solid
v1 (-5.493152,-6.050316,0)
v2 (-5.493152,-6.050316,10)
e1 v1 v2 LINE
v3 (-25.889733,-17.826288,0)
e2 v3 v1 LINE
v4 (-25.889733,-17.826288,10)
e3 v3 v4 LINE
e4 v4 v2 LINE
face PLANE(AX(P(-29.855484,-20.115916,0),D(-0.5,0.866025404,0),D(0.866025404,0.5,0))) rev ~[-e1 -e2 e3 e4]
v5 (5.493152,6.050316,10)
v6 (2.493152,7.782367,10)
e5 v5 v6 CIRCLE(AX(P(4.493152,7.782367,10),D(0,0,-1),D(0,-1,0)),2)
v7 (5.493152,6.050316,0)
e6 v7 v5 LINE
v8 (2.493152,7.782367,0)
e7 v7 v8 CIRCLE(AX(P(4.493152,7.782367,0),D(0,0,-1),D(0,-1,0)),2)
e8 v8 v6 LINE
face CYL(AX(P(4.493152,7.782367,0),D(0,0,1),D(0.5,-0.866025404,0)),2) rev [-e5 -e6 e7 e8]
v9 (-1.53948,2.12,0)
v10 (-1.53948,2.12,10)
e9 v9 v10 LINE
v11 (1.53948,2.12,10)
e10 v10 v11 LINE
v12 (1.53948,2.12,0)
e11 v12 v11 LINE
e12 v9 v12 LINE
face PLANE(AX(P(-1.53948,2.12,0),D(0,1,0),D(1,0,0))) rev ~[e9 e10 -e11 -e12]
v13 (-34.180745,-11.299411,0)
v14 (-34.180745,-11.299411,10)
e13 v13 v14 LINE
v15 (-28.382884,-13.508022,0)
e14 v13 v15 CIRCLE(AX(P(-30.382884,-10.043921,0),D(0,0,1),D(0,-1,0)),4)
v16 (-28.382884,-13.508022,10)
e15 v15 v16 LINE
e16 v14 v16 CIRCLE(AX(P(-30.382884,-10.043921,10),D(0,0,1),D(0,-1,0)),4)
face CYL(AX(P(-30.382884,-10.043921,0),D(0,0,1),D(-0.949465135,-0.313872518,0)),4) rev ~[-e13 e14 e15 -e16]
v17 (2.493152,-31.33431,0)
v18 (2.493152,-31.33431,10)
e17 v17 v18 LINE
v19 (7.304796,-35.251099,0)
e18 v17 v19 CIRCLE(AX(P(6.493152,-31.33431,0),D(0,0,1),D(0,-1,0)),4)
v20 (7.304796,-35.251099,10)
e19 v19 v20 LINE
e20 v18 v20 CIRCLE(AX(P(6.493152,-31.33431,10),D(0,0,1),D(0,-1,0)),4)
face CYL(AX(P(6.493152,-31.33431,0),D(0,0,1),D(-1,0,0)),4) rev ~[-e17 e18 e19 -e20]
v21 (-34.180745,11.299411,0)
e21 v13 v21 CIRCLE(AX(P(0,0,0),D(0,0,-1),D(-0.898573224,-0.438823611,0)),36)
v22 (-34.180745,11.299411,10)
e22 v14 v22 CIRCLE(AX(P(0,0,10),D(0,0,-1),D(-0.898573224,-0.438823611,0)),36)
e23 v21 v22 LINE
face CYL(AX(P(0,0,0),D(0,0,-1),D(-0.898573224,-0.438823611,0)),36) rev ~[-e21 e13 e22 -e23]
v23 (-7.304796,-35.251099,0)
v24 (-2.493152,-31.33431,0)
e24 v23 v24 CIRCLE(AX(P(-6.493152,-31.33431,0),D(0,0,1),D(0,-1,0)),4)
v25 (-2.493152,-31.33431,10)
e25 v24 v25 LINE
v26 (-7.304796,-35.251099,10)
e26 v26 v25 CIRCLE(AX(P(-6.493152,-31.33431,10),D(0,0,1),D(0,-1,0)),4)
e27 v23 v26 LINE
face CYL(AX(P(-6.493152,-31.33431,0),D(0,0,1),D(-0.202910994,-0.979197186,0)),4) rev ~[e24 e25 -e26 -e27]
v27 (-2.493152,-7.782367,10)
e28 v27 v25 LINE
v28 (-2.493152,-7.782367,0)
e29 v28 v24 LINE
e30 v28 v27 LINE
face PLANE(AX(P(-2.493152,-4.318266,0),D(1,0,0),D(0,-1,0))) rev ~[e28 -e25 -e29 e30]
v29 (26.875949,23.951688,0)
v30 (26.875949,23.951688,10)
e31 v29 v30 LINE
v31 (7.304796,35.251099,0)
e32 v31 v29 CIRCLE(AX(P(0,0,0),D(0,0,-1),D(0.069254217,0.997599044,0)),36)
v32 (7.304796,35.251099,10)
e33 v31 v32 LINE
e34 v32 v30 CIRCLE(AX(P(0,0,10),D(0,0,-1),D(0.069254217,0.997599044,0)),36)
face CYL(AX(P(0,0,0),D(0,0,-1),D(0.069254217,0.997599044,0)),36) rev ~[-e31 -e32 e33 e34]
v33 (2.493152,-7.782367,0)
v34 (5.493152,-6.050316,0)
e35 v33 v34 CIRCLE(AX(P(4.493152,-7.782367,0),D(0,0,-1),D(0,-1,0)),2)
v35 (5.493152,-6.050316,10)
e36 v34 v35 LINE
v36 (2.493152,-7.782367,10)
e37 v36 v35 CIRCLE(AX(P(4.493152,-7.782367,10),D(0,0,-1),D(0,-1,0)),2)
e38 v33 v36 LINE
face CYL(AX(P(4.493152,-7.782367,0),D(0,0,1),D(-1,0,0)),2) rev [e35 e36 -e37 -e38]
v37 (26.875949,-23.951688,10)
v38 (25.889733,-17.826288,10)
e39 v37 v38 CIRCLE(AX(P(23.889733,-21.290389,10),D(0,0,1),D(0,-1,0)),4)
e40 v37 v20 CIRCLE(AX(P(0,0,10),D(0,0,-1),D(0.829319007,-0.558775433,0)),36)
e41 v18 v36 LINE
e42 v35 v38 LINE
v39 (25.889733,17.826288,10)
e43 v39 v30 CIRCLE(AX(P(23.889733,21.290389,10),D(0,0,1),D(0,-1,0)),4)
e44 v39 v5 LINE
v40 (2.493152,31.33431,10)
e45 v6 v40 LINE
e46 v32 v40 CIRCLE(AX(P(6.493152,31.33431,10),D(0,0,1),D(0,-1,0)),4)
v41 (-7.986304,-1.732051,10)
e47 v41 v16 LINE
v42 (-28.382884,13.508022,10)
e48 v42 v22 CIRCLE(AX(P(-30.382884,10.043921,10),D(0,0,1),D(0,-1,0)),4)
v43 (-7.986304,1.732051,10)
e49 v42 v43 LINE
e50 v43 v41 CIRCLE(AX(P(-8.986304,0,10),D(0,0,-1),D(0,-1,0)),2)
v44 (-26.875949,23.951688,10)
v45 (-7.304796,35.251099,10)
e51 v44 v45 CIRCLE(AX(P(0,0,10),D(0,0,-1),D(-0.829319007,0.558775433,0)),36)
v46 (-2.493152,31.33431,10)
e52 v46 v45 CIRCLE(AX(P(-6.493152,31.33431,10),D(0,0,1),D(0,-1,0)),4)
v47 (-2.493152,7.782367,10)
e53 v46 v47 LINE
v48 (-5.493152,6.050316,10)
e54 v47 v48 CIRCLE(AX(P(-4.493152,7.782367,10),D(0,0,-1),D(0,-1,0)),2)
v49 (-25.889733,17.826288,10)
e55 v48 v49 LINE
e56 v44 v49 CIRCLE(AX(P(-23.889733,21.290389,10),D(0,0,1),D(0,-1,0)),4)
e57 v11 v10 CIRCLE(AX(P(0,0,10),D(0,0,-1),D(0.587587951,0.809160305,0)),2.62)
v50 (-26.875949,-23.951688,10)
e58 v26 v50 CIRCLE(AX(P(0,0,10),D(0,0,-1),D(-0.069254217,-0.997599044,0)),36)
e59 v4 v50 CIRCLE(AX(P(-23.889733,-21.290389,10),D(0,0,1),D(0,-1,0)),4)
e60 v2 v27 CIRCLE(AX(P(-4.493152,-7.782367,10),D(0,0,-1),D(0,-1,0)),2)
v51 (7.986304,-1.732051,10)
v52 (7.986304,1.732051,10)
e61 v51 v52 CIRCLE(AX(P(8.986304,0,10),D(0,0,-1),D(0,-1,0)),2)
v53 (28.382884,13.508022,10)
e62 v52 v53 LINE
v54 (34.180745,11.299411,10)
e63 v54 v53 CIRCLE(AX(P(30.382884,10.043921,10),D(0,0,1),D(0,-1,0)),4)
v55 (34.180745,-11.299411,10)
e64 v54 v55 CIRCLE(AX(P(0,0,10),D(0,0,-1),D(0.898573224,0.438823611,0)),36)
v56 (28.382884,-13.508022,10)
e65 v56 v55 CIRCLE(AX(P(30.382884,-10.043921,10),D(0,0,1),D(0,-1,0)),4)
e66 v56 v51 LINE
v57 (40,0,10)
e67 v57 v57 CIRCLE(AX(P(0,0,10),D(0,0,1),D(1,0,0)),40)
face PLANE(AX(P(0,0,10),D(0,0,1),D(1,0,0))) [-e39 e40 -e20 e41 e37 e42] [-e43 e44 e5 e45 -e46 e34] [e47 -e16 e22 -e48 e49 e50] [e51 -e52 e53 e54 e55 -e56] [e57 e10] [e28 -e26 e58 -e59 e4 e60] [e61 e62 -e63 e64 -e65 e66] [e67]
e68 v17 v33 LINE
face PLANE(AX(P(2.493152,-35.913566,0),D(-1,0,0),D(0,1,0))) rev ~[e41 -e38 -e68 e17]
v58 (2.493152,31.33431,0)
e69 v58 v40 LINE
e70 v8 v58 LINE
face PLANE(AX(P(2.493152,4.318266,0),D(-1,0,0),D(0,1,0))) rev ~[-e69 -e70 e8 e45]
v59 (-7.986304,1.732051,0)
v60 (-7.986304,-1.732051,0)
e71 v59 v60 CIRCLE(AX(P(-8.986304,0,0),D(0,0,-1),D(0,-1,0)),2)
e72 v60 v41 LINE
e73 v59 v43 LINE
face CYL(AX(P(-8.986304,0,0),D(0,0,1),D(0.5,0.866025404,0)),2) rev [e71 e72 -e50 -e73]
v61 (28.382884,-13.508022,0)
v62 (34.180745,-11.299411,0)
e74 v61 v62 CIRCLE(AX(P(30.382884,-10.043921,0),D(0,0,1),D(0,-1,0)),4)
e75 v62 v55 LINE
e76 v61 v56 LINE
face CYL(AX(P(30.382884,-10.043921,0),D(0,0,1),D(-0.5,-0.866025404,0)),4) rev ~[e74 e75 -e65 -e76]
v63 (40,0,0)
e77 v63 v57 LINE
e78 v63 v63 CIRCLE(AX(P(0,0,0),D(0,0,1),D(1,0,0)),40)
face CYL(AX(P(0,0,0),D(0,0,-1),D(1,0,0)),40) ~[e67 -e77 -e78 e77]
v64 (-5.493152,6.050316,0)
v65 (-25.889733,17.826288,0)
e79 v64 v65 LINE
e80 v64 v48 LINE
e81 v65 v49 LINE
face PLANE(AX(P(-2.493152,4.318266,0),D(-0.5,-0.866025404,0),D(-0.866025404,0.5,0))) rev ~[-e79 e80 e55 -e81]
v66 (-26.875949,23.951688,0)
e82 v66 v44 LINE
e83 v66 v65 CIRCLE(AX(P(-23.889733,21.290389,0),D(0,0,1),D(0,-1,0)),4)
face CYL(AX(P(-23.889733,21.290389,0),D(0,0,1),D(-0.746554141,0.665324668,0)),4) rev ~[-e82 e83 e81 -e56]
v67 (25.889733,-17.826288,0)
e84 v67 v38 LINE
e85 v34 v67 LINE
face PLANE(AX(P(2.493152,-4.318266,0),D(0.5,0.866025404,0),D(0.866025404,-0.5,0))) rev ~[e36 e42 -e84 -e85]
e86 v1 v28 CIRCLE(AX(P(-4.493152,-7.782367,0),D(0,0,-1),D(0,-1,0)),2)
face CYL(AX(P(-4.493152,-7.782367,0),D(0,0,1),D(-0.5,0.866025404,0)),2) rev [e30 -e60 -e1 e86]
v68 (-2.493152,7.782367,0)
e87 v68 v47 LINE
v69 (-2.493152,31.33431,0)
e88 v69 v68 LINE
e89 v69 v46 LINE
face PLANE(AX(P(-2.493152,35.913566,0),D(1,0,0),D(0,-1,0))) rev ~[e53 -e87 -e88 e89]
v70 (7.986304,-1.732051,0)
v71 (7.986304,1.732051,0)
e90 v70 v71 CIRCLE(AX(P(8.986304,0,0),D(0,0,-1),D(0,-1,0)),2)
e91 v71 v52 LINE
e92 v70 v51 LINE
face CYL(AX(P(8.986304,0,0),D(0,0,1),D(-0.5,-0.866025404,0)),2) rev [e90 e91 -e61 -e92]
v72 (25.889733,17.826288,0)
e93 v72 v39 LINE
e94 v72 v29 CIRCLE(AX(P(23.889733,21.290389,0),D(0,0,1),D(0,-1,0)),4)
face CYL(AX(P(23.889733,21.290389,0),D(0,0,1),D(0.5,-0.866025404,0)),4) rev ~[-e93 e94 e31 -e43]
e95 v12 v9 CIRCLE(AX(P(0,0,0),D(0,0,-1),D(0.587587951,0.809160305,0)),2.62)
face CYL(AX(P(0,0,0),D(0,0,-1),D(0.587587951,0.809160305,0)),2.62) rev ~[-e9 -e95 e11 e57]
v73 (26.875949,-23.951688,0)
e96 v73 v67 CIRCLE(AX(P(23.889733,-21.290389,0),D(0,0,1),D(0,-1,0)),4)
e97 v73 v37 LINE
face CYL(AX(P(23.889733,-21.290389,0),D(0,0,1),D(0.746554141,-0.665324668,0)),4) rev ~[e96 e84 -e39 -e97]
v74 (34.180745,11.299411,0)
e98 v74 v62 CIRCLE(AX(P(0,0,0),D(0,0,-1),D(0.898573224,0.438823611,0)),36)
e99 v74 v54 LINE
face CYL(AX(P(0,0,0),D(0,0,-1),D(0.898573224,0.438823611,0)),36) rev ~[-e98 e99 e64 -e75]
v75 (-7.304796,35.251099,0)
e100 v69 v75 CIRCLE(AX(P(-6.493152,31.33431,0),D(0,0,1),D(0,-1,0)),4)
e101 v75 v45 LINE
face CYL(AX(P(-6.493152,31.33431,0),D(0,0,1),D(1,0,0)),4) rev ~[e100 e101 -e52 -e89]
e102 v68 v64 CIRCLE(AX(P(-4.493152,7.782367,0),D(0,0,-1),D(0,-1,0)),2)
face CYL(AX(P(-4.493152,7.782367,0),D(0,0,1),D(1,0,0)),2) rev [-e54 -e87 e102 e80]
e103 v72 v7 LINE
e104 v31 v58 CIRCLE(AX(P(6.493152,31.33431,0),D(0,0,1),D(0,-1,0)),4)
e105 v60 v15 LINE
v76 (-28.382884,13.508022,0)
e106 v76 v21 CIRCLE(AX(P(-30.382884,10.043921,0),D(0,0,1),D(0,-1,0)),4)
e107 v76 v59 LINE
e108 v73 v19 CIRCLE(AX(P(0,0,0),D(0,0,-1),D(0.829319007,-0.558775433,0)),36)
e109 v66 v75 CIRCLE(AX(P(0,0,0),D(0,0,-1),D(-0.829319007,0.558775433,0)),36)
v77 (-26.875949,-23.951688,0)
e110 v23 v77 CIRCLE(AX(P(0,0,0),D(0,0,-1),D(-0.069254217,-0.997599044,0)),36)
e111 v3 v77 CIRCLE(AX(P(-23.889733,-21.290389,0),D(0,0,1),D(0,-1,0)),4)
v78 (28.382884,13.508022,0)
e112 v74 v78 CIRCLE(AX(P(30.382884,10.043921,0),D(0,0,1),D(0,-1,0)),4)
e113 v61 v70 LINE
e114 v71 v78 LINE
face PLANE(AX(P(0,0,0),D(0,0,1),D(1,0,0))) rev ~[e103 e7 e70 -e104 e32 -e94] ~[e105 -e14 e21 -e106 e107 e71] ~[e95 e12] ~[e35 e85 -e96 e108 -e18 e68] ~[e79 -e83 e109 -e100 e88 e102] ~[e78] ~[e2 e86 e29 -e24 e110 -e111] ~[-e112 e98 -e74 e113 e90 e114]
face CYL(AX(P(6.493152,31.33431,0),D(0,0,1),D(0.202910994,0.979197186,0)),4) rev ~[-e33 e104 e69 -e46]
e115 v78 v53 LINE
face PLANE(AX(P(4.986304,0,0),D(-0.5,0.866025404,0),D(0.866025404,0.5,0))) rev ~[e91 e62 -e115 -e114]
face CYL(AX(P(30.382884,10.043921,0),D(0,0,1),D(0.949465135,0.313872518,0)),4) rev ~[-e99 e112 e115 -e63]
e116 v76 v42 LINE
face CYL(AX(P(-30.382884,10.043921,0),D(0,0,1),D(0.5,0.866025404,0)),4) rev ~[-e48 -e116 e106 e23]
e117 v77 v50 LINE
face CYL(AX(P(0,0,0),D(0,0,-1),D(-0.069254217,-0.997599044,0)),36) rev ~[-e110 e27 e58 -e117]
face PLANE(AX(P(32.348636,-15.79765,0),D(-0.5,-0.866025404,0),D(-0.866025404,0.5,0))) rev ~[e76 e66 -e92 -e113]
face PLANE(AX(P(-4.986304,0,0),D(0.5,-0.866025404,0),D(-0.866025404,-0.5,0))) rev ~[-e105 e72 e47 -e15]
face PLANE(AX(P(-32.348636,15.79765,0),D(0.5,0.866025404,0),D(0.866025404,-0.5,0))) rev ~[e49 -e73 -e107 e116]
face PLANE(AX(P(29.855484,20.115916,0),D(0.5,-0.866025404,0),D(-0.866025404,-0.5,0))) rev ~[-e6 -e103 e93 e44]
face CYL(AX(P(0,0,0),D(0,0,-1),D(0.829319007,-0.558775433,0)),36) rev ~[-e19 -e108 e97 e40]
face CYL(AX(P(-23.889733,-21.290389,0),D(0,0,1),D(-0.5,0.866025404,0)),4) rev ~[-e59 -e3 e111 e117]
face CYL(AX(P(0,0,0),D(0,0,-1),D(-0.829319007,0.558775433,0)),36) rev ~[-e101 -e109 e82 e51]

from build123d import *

# Parameters (mm, degrees)
SKETCH1_R           = 40
BOSS_EXTRUDE1_DEPTH = 10
FILLET2_R           = 2
FILLET3_R           = 4


with BuildPart() as part:
    # Sketch1 → Boss-Extrude1 (new body)
    with BuildSketch(Plane.XY):
        Circle(SKETCH1_R)
        with BuildLine():
            Line((-2.4931518, -4.318265588), (-2.4931518, -35.9135656))
            ThreePointArc((-2.4931518, -35.9135656), (-18, -31.176914536), (-29.85548425, -20.115915594))
            Line((-29.85548425, -20.115915594), (-2.4931518, -4.318265588))
        make_face(mode=Mode.SUBTRACT)
        with BuildLine():
            Line((-4.9863036, 0), (-32.34863605, -15.797650006))
            ThreePointArc((-32.34863605, -15.797650006), (-36, 0), (-32.34863605, 15.797650006))
            Line((-32.34863605, 15.797650006), (-4.9863036, 0))
        make_face(mode=Mode.SUBTRACT)
        with BuildLine():
            Line((-2.4931518, 4.318265588), (-29.85548425, 20.115915594))
            ThreePointArc((-29.85548425, 20.115915594), (-18, 31.176914536), (-2.4931518, 35.9135656))
            Line((-2.4931518, 35.9135656), (-2.4931518, 4.318265588))
        make_face(mode=Mode.SUBTRACT)
        with BuildLine():
            Line((2.4931518, 4.318265588), (2.4931518, 35.9135656))
            ThreePointArc((2.4931518, 35.9135656), (18, 31.176914536), (29.85548425, 20.115915594))
            Line((29.85548425, 20.115915594), (2.4931518, 4.318265588))
        make_face(mode=Mode.SUBTRACT)
        with BuildLine():
            Line((4.9863036, 0), (32.34863605, 15.797650006))
            ThreePointArc((32.34863605, 15.797650006), (36, 0), (32.34863605, -15.797650006))
            Line((32.34863605, -15.797650006), (4.9863036, 0))
        make_face(mode=Mode.SUBTRACT)
        with BuildLine():
            Line((2.4931518, -4.318265588), (29.85548425, -20.115915594))
            ThreePointArc((29.85548425, -20.115915594), (18, -31.176914536), (2.4931518, -35.9135656))
            Line((2.4931518, -35.9135656), (2.4931518, -4.318265588))
        make_face(mode=Mode.SUBTRACT)
        with BuildLine():
            ThreePointArc((1.539480432, 2.12), (0, -2.62), (-1.539480432, 2.12))
            Line((-1.539480432, 2.12), (1.539480432, 2.12))
        make_face(mode=Mode.SUBTRACT)
    extrude(amount=BOSS_EXTRUDE1_DEPTH)

    # Fillet2
    fillet2_edges = [part.edges().sort_by_distance(p)[0] for p in [
        (4.9863036, 0, 5),
        (2.4931518, -4.318265588, 5),
        (-2.4931518, -4.318265588, 5),
        (-4.9863036, 0, 5),
        (-2.4931518, 4.318265588, 5),
        (2.4931518, 4.318265588, 5),
    ]]
    fillet(fillet2_edges, radius=FILLET2_R)

    # Fillet3
    fillet3_edges = [part.edges().sort_by_distance(p)[0] for p in [
        (32.34863605, 15.797650006, 5),
        (32.34863605, -15.797650006, 5),
        (29.85548425, -20.115915594, 5),
        (2.4931518, -35.9135656, 5),
        (-2.4931518, -35.9135656, 5),
        (-29.85548425, -20.115915594, 5),
        (-32.34863605, -15.797650006, 5),
        (-32.34863605, 15.797650006, 5),
        (-29.85548425, 20.115915594, 5),
        (-2.4931518, 35.9135656, 5),
        (2.4931518, 35.9135656, 5),
        (29.85548425, 20.115915594, 5),
    ]]
    fillet(fillet3_edges, radius=FILLET3_R)


solid = part.part
